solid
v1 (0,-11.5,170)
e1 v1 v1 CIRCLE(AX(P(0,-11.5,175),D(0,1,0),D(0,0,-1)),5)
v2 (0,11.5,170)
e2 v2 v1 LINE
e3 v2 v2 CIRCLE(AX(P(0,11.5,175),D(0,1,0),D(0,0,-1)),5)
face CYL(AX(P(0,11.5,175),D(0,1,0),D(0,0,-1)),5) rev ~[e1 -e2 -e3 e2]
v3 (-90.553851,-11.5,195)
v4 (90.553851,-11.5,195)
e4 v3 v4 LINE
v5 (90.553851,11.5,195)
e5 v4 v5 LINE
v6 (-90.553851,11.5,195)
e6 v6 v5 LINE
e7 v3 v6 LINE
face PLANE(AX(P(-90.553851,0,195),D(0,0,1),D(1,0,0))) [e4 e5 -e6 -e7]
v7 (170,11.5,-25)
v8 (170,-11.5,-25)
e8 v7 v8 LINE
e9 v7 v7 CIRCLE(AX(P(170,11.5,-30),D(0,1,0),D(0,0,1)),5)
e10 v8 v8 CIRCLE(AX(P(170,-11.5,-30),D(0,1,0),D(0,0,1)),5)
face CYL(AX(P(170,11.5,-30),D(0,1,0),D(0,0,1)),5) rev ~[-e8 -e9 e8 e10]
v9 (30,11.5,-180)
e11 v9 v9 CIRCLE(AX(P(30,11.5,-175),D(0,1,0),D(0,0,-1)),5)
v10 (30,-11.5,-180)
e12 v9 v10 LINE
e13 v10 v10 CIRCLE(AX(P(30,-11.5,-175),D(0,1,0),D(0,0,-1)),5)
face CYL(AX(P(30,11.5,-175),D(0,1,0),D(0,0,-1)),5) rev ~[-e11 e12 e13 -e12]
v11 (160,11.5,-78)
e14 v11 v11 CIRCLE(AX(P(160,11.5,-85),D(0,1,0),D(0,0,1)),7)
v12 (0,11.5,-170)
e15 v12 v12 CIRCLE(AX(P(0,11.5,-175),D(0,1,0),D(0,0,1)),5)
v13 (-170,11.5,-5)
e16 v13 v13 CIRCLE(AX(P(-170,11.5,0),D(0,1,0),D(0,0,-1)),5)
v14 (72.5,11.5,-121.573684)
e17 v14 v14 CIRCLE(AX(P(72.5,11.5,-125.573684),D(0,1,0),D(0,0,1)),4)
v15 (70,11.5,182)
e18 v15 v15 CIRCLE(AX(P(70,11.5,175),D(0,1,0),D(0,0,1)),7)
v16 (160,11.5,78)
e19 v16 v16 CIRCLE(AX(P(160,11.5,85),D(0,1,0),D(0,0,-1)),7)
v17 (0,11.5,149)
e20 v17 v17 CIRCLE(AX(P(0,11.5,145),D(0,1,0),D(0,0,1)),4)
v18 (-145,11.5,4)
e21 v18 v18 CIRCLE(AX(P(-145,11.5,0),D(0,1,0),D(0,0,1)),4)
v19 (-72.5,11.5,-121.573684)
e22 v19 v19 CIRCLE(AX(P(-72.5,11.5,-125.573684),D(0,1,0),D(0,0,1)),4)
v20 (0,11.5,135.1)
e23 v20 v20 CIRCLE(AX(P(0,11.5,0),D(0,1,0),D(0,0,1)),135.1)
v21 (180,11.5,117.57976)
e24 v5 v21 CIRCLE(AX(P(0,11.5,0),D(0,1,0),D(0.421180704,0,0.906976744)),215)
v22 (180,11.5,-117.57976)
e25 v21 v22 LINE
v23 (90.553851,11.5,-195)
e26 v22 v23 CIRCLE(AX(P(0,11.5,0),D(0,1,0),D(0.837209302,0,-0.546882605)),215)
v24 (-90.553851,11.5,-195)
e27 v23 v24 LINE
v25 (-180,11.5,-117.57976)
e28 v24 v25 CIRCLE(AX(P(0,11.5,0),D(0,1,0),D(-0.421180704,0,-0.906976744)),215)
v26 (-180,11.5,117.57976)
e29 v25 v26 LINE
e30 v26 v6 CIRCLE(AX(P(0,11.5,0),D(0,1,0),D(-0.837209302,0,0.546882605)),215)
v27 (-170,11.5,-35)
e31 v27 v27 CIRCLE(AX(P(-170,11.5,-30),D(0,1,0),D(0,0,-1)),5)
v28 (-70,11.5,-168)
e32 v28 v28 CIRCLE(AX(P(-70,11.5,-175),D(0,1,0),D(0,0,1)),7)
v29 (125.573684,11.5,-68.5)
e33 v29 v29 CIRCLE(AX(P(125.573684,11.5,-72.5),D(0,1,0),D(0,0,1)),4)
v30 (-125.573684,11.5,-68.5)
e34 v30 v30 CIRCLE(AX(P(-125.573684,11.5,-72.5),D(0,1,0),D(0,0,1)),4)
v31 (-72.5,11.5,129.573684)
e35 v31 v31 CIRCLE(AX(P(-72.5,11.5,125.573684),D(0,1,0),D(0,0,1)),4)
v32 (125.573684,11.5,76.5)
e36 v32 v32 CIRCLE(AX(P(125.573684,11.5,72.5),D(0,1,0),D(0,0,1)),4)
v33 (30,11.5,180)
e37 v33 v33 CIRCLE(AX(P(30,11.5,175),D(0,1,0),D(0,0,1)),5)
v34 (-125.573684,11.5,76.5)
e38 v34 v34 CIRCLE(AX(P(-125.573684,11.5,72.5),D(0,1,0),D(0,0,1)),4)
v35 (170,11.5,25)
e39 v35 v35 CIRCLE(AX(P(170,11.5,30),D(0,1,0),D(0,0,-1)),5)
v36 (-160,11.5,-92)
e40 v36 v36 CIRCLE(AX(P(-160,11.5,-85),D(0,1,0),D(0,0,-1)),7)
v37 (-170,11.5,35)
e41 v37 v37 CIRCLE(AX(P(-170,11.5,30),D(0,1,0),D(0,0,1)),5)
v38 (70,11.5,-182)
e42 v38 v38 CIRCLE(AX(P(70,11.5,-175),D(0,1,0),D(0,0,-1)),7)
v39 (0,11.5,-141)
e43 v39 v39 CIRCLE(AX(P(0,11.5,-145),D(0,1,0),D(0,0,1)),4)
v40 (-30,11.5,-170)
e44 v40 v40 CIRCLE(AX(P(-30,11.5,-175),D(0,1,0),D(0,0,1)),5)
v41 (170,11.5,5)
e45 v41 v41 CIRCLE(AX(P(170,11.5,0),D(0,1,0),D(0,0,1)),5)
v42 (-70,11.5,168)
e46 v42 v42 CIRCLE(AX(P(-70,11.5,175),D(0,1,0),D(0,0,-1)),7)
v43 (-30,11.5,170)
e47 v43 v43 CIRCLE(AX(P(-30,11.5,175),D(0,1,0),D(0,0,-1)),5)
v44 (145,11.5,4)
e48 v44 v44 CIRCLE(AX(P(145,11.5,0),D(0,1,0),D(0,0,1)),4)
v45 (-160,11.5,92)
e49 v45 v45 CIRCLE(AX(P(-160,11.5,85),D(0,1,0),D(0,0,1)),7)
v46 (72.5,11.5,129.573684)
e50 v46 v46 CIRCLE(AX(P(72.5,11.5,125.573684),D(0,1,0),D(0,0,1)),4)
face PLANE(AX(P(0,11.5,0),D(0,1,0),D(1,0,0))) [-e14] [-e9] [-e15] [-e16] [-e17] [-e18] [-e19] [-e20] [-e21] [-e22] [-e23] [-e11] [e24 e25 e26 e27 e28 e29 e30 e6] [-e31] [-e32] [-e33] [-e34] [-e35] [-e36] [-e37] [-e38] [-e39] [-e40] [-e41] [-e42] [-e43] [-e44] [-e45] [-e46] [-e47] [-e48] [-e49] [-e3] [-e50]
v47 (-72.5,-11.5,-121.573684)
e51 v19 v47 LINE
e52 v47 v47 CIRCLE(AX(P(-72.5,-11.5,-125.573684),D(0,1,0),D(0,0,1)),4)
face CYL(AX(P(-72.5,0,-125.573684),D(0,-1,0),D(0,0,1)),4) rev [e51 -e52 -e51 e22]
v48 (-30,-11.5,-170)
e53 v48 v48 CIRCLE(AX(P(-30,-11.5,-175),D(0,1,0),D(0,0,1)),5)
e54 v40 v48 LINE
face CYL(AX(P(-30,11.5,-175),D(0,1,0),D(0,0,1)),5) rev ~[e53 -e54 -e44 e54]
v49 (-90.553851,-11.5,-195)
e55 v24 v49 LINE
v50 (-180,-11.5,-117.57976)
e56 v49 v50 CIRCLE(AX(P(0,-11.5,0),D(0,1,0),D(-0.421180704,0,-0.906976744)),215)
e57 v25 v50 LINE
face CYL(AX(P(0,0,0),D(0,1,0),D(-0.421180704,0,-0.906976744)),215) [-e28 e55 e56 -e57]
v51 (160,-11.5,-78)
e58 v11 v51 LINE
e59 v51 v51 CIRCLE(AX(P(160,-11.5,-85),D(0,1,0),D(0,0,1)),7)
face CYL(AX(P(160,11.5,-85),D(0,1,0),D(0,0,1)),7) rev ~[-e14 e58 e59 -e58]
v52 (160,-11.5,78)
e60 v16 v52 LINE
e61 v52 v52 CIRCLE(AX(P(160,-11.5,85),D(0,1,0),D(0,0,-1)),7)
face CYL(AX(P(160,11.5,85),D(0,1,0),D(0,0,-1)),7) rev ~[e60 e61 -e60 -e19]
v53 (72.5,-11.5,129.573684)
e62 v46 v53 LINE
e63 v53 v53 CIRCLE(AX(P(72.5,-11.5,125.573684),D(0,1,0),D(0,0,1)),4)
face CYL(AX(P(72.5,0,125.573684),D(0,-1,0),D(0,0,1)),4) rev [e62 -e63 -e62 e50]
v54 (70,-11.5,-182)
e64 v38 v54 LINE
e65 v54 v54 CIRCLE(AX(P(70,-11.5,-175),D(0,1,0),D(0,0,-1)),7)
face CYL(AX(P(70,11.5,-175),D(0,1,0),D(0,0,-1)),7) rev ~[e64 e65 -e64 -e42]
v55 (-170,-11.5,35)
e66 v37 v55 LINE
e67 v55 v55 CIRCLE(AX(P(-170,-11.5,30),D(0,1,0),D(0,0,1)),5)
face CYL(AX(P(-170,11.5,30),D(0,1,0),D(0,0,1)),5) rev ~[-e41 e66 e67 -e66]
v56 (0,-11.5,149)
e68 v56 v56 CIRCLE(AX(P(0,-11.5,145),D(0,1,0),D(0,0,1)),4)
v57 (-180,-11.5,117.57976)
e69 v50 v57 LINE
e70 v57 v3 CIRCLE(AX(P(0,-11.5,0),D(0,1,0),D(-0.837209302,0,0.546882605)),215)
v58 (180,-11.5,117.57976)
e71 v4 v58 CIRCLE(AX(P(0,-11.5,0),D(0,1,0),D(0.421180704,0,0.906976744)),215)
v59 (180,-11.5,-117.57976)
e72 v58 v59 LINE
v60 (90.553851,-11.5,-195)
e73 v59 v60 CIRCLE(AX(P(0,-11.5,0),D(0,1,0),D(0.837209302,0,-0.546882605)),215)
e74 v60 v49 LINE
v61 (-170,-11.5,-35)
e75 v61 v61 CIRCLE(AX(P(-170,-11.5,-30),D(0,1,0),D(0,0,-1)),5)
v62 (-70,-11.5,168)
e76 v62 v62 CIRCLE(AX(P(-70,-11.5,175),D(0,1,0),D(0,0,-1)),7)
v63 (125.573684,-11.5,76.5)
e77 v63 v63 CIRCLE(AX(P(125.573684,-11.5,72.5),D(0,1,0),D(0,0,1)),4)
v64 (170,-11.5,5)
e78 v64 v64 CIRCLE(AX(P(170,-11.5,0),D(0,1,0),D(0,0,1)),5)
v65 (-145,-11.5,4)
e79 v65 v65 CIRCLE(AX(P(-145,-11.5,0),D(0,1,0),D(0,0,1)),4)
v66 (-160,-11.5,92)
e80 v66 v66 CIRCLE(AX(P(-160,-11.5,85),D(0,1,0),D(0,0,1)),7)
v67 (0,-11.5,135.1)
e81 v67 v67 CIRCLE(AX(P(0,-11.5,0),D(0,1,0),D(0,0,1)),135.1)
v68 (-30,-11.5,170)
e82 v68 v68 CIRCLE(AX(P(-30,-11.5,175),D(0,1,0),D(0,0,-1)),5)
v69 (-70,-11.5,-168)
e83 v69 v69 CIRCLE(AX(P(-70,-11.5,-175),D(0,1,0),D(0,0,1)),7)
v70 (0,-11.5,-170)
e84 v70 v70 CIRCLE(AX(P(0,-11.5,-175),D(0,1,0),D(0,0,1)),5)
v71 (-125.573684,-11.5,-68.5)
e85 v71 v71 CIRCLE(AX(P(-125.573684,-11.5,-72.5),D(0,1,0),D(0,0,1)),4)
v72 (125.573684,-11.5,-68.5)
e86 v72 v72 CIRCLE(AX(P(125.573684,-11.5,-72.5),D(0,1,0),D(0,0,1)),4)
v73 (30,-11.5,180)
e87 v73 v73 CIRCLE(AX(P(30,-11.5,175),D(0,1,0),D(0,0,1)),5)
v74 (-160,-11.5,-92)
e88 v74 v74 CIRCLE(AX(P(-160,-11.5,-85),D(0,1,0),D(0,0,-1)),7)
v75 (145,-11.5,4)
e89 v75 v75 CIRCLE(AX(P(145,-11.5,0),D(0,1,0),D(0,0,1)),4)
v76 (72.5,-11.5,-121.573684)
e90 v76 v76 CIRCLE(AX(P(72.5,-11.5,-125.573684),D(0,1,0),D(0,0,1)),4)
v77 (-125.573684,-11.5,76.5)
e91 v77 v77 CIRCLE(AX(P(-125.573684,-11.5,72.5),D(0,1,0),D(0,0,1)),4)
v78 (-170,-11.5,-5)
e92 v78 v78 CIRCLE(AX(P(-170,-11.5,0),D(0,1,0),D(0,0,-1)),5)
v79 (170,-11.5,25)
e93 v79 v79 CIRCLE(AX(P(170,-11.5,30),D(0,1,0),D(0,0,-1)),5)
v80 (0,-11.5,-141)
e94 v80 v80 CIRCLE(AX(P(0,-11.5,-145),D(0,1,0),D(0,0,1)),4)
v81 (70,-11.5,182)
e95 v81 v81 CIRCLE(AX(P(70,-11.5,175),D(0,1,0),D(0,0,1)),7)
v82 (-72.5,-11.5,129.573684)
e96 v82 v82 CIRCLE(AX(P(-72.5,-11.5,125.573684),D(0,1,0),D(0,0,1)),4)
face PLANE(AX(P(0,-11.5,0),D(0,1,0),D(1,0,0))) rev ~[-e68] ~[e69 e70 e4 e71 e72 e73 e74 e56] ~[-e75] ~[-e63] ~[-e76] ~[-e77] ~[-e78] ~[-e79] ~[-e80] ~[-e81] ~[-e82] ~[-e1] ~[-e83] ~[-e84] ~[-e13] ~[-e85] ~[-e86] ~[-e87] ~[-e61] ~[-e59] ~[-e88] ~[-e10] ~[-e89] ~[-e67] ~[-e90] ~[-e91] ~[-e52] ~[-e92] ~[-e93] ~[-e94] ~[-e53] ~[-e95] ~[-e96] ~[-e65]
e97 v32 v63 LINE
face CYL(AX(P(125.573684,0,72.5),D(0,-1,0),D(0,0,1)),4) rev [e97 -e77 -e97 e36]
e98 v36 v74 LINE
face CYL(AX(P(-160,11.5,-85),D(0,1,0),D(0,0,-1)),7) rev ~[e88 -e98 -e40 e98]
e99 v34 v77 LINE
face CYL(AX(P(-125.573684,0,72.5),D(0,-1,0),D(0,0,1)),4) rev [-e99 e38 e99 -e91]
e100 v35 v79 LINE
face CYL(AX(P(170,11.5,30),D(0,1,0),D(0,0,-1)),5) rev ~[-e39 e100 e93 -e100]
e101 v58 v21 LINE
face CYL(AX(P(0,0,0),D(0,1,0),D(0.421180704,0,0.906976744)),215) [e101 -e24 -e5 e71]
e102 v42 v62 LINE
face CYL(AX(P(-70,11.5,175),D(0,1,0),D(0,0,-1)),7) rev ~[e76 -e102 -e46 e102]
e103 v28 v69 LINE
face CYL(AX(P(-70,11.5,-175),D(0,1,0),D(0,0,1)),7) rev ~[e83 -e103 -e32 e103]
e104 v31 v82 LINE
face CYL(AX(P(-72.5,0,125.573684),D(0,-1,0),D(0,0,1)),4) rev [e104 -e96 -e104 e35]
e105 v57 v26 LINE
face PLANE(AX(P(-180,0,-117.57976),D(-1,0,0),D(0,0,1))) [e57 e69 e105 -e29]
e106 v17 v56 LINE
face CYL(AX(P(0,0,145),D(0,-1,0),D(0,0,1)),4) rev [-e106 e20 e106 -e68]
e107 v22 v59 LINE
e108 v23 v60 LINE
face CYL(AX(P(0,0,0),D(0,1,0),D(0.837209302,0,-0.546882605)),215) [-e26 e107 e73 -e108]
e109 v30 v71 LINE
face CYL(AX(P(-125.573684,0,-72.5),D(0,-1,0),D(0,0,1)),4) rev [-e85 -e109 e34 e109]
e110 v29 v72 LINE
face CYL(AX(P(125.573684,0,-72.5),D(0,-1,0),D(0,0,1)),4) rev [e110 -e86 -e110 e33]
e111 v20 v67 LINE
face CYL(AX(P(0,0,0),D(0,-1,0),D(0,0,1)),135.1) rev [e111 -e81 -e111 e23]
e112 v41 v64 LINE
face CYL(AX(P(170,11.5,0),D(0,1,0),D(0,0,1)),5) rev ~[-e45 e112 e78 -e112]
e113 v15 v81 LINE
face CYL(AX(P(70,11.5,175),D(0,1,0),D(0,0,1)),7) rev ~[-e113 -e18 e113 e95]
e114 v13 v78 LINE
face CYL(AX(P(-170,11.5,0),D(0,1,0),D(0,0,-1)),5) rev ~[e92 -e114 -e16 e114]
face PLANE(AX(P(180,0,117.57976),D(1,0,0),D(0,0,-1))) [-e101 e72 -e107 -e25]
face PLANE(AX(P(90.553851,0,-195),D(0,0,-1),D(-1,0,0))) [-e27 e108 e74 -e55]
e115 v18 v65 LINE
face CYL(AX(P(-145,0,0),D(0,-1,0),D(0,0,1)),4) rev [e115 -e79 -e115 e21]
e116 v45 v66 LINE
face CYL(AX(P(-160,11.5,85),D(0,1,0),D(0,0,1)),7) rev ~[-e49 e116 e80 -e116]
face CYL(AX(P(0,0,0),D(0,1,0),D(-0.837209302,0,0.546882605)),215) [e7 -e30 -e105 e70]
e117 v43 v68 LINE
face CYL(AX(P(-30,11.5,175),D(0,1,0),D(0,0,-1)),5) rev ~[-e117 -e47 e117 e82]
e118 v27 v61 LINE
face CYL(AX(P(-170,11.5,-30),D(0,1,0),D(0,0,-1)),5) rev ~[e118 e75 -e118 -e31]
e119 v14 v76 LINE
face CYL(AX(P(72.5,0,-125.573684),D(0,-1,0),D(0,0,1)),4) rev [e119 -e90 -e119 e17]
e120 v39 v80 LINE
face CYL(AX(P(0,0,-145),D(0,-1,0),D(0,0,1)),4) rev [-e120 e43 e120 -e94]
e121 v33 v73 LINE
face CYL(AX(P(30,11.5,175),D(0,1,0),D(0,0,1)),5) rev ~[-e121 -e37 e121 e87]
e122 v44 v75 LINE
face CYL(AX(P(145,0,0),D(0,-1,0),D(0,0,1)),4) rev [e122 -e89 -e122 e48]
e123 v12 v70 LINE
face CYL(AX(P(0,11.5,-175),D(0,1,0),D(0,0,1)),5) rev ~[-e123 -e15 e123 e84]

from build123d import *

# Parameters (mm, degrees)
SKETCH_1_R          = 135.1
SKETCH_1_R_2        = 4
EXTRUDE_1_DEPTH     = 11.5
SKETCH_2_R          = 5
SKETCH_2_R_2        = 7
CUT_EXTRUDE_1_DEPTH = 23


with BuildPart() as part:
    # 草图1 → 凸台-拉伸1 (new, symmetric)
    with BuildSketch(Plane(origin=(0, 0, 0), x_dir=(1, 0, 0), z_dir=(0, 1, 0))):
        with BuildLine():
            Line((-180, 117.579760163), (-180, -117.579760163))
            ThreePointArc((-180, -117.579760163), (-140.706503078, -162.562849359), (-90.553851381, -195))
            Line((-90.553851381, -195), (90.553851381, -195))
            ThreePointArc((90.553851381, -195), (140.706503078, -162.562849359), (180, -117.579760163))
            Line((180, -117.579760163), (180, 117.579760163))
            ThreePointArc((180, 117.579760163), (140.706503078, 162.562849359), (90.553851381, 195))
            Line((90.553851381, 195), (-90.553851381, 195))
            ThreePointArc((-90.553851381, 195), (-140.706503078, 162.562849359), (-180, 117.579760163))
        make_face()
        with Locations(Location((0, 0, 0), (0, 0, 270))):
            Circle(SKETCH_1_R, mode=Mode.SUBTRACT)
        with Locations(Location((0, 145, 0), (0, 0, 270))):
            Circle(SKETCH_1_R_2, mode=Mode.SUBTRACT)
        with Locations(Location((72.5, 125.573683549, 0), (0, 0, 270))):
            Circle(SKETCH_1_R_2, mode=Mode.SUBTRACT)
        with Locations(Location((125.573683549, 72.5, 0), (0, 0, 270))):
            Circle(SKETCH_1_R_2, mode=Mode.SUBTRACT)
        with Locations(Location((145, 0, 0), (0, 0, 270))):
            Circle(SKETCH_1_R_2, mode=Mode.SUBTRACT)
        with Locations(Location((125.573683549, -72.5, 0), (0, 0, 270))):
            Circle(SKETCH_1_R_2, mode=Mode.SUBTRACT)
        with Locations(Location((72.5, -125.573683549, 0), (0, 0, 270))):
            Circle(SKETCH_1_R_2, mode=Mode.SUBTRACT)
        with Locations(Location((0, -145, 0), (0, 0, 270))):
            Circle(SKETCH_1_R_2, mode=Mode.SUBTRACT)
        with Locations(Location((-72.5, -125.573683549, 0), (0, 0, 270))):
            Circle(SKETCH_1_R_2, mode=Mode.SUBTRACT)
        with Locations(Location((-125.573683549, -72.5, 0), (0, 0, 270))):
            Circle(SKETCH_1_R_2, mode=Mode.SUBTRACT)
        with Locations(Location((-145, 0, 0), (0, 0, 270))):
            Circle(SKETCH_1_R_2, mode=Mode.SUBTRACT)
        with Locations(Location((-125.573683549, 72.5, 0), (0, 0, 270))):
            Circle(SKETCH_1_R_2, mode=Mode.SUBTRACT)
        with Locations(Location((-72.5, 125.573683549, 0), (0, 0, 270))):
            Circle(SKETCH_1_R_2, mode=Mode.SUBTRACT)
    extrude(amount=EXTRUDE_1_DEPTH, both=True)

    # 草图2 → 切除-拉伸1 (cut)
    with BuildSketch(Plane(origin=(0, 11.5, 0), x_dir=(1, 0, 0), z_dir=(0, 1, 0))):
        with Locations(Location((0, 175, 0), (0, 0, 270))):
            Circle(SKETCH_2_R)
        with Locations(Location((-30, 175, 0), (0, 0, 270))):
            Circle(SKETCH_2_R)
        with Locations(Location((-70, 175, 0), (0, 0, 270))):
            Circle(SKETCH_2_R_2)
        with Locations(Location((70, 175, 0), (0, 0, 90))):
            Circle(SKETCH_2_R_2)
        with Locations(Location((30, 175, 0), (0, 0, 90))):
            Circle(SKETCH_2_R)
        with Locations(Location((-70, -175, 0), (0, 0, 90))):
            Circle(SKETCH_2_R_2)
        with Locations(Location((-30, -175, 0), (0, 0, 90))):
            Circle(SKETCH_2_R)
        with Locations(Location((0, -175, 0), (0, 0, 90))):
            Circle(SKETCH_2_R)
        with Locations(Location((30, -175, 0), (0, 0, 270))):
            Circle(SKETCH_2_R)
        with Locations(Location((70, -175, 0), (0, 0, 270))):
            Circle(SKETCH_2_R_2)
        with Locations(Location((160, 85, 0), (0, 0, 270))):
            Circle(SKETCH_2_R_2)
        with Locations(Location((170, 30, 0), (0, 0, 270))):
            Circle(SKETCH_2_R)
        with Locations(Location((170, 0, 0), (0, 0, 270))):
            Circle(SKETCH_2_R)
        with Locations(Location((160, -85, 0), (0, 0, 90))):
            Circle(SKETCH_2_R_2)
        with Locations(Location((170, -30, 0), (0, 0, 90))):
            Circle(SKETCH_2_R)
        with Locations(Location((-170, -30, 0), (0, 0, 270))):
            Circle(SKETCH_2_R)
        with Locations(Location((-160, -85, 0), (0, 0, 270))):
            Circle(SKETCH_2_R_2)
        with Locations(Location((-170, 0, 0), (0, 0, 90))):
            Circle(SKETCH_2_R)
        with Locations(Location((-170, 30, 0), (0, 0, 90))):
            Circle(SKETCH_2_R)
        with Locations(Location((-160, 85, 0), (0, 0, 90))):
            Circle(SKETCH_2_R_2)
    extrude(amount=-CUT_EXTRUDE_1_DEPTH, mode=Mode.SUBTRACT)


solid = part.part
